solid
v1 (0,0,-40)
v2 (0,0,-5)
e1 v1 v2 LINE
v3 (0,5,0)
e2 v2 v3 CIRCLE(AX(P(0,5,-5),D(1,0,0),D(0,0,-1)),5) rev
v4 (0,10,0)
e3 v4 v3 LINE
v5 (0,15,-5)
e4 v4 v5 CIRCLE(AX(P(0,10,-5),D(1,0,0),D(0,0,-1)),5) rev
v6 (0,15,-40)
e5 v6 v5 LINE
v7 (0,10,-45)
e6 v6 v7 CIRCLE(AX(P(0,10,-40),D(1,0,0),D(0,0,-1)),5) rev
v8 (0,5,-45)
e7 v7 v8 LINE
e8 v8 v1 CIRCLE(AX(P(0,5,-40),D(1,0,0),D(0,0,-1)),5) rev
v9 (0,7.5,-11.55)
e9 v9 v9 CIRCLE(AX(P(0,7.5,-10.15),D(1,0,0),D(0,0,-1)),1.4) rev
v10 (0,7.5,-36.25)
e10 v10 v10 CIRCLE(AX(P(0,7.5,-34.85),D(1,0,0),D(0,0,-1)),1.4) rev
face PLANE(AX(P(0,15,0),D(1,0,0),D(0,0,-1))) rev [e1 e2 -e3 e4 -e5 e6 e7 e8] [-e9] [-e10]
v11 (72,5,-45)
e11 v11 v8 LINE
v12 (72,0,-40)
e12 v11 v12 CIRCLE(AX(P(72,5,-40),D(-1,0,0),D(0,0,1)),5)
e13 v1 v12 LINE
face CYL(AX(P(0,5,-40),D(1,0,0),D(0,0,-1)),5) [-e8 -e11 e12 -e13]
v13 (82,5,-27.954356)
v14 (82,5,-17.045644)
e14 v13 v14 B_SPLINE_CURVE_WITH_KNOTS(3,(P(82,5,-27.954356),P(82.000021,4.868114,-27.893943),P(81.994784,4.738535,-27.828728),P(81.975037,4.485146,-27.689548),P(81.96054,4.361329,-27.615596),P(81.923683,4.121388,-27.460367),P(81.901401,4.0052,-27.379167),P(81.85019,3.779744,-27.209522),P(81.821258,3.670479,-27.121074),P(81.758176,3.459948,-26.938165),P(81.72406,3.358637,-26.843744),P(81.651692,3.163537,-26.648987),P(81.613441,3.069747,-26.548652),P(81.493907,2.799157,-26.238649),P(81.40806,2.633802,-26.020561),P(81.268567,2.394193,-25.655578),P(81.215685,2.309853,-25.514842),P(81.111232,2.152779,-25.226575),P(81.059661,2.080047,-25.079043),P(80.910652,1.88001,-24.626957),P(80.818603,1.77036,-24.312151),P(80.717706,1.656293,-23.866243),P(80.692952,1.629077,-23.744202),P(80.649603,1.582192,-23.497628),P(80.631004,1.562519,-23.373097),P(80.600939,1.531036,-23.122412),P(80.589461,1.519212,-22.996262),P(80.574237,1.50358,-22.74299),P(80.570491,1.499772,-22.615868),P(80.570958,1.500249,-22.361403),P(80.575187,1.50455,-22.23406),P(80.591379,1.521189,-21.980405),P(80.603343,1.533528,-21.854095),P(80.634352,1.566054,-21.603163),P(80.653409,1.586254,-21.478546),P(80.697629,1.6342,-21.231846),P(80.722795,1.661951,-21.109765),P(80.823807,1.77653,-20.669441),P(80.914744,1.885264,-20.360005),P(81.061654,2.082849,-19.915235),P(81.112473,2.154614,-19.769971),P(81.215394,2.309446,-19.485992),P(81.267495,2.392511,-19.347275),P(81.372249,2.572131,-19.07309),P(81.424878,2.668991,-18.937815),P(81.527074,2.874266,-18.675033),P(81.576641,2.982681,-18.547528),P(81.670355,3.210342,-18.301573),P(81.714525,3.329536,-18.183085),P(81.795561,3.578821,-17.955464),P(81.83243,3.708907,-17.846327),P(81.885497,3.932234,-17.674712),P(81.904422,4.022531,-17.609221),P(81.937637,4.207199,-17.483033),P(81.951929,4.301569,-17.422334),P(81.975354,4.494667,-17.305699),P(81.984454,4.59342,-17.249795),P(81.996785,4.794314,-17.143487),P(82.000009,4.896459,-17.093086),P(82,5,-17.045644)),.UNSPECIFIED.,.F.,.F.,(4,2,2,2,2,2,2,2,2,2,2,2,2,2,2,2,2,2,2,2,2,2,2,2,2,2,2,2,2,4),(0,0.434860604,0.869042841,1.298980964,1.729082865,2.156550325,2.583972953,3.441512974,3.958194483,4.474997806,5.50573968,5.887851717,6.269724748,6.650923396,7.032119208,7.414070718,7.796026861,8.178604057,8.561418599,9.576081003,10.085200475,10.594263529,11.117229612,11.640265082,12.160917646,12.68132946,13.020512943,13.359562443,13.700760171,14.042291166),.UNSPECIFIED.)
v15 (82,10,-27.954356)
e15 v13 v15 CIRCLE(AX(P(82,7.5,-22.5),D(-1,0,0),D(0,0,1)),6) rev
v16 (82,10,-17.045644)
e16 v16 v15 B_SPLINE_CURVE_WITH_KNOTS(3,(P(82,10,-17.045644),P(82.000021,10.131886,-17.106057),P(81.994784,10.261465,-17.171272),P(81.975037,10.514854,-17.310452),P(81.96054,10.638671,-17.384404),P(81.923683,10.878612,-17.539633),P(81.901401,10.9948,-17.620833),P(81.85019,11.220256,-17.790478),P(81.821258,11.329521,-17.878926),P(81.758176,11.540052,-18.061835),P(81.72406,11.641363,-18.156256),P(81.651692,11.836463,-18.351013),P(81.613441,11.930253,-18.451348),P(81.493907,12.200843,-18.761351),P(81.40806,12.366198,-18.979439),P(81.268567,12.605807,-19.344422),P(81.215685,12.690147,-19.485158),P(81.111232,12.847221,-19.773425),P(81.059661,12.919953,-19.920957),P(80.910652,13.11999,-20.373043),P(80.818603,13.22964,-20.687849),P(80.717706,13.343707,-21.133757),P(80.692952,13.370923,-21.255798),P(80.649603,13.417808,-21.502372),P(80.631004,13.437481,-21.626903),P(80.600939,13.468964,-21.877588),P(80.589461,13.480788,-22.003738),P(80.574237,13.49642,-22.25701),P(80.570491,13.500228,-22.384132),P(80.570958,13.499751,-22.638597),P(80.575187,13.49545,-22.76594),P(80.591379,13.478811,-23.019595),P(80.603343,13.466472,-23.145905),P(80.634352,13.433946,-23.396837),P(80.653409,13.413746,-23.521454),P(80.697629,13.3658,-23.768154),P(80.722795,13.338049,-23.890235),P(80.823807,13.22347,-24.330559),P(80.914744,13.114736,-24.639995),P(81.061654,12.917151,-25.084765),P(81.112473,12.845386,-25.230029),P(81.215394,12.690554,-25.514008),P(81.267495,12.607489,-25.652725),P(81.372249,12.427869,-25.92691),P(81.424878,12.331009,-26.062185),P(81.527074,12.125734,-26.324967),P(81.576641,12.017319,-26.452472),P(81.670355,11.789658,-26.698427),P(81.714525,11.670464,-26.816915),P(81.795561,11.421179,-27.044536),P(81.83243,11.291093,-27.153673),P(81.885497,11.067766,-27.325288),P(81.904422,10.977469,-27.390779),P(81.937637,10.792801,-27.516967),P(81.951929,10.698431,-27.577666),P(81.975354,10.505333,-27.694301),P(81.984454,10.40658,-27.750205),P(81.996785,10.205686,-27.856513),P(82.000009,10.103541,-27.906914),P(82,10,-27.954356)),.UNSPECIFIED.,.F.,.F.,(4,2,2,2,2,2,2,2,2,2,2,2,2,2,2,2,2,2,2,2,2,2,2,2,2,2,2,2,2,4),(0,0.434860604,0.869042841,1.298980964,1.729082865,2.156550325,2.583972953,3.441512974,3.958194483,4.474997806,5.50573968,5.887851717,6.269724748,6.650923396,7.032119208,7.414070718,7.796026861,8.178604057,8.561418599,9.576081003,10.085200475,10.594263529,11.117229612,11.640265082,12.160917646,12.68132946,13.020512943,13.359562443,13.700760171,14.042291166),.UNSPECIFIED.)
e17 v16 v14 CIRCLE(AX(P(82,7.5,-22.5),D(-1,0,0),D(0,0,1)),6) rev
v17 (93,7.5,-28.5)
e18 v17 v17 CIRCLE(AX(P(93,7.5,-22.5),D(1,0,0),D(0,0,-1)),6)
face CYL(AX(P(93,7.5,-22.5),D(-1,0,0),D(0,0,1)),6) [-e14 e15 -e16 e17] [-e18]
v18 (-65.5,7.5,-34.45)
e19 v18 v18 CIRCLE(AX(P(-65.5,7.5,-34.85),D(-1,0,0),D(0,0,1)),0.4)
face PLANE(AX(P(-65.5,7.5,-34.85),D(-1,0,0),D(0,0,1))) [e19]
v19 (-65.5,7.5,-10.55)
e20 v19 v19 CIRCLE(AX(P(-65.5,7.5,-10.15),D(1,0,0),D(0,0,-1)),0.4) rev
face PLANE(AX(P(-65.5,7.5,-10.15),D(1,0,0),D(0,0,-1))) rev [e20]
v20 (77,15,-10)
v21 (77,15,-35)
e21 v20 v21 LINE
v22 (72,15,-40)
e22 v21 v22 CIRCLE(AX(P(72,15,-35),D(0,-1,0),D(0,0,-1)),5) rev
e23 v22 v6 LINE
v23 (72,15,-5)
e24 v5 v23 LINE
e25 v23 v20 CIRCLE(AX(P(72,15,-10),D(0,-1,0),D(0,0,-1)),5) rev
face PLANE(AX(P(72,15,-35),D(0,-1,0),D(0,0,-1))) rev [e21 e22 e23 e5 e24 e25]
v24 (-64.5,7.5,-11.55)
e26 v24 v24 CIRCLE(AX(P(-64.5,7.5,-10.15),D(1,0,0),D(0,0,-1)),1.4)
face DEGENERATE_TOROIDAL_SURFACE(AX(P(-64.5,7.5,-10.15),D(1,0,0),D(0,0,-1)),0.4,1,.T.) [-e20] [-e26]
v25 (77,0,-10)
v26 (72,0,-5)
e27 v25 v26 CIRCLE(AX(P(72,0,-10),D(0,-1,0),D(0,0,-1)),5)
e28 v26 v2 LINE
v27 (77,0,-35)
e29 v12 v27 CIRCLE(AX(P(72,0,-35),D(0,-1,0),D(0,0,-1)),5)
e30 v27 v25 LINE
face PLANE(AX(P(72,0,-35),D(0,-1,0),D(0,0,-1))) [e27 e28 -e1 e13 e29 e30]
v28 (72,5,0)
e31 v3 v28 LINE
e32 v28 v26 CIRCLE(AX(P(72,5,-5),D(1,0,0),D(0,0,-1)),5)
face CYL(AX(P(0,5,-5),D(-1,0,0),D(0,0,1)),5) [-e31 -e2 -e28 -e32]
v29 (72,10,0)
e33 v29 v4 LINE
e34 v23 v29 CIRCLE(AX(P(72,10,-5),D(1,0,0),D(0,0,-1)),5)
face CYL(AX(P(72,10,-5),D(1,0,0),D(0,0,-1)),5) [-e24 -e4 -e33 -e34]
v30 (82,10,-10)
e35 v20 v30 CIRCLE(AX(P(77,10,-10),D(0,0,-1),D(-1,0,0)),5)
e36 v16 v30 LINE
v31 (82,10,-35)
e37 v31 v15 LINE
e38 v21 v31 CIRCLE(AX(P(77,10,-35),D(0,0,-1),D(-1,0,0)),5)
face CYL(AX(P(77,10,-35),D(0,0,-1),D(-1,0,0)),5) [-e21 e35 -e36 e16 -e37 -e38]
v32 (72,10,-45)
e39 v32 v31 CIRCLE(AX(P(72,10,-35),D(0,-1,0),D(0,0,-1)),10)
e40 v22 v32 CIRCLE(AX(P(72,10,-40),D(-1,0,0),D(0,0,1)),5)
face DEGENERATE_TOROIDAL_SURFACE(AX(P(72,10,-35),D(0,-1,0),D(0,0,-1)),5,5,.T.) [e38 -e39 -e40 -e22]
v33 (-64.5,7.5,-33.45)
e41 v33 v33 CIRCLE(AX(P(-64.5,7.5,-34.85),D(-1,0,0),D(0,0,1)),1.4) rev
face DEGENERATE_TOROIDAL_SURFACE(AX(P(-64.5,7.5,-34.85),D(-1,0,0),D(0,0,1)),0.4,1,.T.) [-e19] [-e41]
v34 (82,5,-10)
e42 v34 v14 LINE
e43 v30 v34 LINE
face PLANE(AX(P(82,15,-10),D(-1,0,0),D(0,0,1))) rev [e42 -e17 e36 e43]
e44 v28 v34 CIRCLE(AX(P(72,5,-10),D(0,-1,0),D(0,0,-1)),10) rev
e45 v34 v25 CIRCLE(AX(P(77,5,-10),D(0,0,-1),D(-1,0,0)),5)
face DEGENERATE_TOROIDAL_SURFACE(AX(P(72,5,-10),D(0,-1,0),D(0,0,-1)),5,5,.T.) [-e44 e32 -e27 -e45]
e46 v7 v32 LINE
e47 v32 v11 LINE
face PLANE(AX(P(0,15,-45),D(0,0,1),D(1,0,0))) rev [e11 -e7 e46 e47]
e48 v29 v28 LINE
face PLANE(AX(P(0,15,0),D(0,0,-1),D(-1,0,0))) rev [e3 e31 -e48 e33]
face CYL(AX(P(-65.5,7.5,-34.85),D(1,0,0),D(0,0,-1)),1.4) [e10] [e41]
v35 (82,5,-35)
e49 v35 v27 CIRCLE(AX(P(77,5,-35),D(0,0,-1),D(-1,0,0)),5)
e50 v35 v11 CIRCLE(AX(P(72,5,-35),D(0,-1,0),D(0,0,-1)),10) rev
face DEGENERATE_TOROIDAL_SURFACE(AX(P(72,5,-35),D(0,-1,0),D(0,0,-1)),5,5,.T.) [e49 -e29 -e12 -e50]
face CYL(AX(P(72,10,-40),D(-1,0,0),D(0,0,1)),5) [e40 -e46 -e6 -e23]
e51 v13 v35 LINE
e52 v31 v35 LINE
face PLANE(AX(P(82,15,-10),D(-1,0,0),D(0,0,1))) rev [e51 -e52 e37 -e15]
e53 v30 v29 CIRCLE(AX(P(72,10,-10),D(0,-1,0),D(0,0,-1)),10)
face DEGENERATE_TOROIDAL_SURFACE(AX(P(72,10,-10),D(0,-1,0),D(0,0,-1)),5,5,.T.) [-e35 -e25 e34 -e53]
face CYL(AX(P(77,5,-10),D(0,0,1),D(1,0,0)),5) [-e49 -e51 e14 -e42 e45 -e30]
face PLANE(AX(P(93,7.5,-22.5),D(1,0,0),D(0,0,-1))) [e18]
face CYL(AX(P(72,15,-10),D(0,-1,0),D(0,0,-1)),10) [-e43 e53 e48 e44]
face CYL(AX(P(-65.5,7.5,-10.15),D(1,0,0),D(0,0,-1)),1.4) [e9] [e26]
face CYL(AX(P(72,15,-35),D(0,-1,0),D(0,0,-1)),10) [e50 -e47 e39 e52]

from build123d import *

# Parameters (mm, degrees)
BOSS_EXTRUDE1_DEPTH = 15
FILLET1_R           = 5
SKETCH2_R           = 6
BOSS_EXTRUDE2_DEPTH = 11
SKETCH3_R           = 1.4
BOSS_EXTRUDE3_DEPTH = 65.5
FILLET2_R           = 1


with BuildPart() as part:
    # Sketch1 → Boss-Extrude1 (new body)
    with BuildSketch(Plane(origin=(0, 0, 0), x_dir=(1, 0, 0), z_dir=(0, 1, 0))):
        with BuildLine():
            Line((0, 0), (72, 0))
            ThreePointArc((72, 0), (79.071067812, 2.928932188), (82, 10))
            Line((82, 10), (82, 35))
            ThreePointArc((82, 35), (79.071067812, 42.071067812), (72, 45))
            Line((72, 45), (0, 45))
            Line((0, 45), (0, 0))
        make_face()
    extrude(amount=BOSS_EXTRUDE1_DEPTH)

    # Fillet1
    fillet1_edges = [part.edges().sort_by_distance(p)[0] for p in [
        (79.071067812, 15, -2.928932188),
        (82, 15, -22.5),
        (79.071067812, 15, -42.071067812),
        (36, 15, -45),
        (36, 0, -45),
        (79.071067812, 0, -42.071067812),
        (82, 0, -22.5),
        (79.071067812, 0, -2.928932188),
        (36, 0, 0),
        (36, 15, 0),
    ]]
    fillet(fillet1_edges, radius=FILLET1_R)

    # Sketch2 → Boss-Extrude2 (add, symmetric)
    with BuildSketch(Plane(origin=(82, 0, 0), x_dir=(0, 0, -1), z_dir=(1, 0, 0))):
        with Locations(Location((22.5, 7.5, 0), (0, 0, 155.375681648))):
            Circle(SKETCH2_R)
    extrude(amount=BOSS_EXTRUDE2_DEPTH, both=True)

    # Sketch3 → Boss-Extrude3 (add)
    with BuildSketch(Plane.ZY):
        with Locations(Location((-34.85, 7.5, 0), (0, 0, 180))):
            Circle(SKETCH3_R)
        with Locations(Location((-10.15, 7.5, 0), (0, 0, 180))):
            Circle(SKETCH3_R)
    extrude(amount=BOSS_EXTRUDE3_DEPTH)

    # Fillet2
    fillet2_edges = [part.edges().sort_by_distance(p)[0] for p in [
        (-65.5, 7.5, -33.45),
        (-65.5, 7.5, -8.75),
    ]]
    fillet(fillet2_edges, radius=FILLET2_R)


solid = part.part
